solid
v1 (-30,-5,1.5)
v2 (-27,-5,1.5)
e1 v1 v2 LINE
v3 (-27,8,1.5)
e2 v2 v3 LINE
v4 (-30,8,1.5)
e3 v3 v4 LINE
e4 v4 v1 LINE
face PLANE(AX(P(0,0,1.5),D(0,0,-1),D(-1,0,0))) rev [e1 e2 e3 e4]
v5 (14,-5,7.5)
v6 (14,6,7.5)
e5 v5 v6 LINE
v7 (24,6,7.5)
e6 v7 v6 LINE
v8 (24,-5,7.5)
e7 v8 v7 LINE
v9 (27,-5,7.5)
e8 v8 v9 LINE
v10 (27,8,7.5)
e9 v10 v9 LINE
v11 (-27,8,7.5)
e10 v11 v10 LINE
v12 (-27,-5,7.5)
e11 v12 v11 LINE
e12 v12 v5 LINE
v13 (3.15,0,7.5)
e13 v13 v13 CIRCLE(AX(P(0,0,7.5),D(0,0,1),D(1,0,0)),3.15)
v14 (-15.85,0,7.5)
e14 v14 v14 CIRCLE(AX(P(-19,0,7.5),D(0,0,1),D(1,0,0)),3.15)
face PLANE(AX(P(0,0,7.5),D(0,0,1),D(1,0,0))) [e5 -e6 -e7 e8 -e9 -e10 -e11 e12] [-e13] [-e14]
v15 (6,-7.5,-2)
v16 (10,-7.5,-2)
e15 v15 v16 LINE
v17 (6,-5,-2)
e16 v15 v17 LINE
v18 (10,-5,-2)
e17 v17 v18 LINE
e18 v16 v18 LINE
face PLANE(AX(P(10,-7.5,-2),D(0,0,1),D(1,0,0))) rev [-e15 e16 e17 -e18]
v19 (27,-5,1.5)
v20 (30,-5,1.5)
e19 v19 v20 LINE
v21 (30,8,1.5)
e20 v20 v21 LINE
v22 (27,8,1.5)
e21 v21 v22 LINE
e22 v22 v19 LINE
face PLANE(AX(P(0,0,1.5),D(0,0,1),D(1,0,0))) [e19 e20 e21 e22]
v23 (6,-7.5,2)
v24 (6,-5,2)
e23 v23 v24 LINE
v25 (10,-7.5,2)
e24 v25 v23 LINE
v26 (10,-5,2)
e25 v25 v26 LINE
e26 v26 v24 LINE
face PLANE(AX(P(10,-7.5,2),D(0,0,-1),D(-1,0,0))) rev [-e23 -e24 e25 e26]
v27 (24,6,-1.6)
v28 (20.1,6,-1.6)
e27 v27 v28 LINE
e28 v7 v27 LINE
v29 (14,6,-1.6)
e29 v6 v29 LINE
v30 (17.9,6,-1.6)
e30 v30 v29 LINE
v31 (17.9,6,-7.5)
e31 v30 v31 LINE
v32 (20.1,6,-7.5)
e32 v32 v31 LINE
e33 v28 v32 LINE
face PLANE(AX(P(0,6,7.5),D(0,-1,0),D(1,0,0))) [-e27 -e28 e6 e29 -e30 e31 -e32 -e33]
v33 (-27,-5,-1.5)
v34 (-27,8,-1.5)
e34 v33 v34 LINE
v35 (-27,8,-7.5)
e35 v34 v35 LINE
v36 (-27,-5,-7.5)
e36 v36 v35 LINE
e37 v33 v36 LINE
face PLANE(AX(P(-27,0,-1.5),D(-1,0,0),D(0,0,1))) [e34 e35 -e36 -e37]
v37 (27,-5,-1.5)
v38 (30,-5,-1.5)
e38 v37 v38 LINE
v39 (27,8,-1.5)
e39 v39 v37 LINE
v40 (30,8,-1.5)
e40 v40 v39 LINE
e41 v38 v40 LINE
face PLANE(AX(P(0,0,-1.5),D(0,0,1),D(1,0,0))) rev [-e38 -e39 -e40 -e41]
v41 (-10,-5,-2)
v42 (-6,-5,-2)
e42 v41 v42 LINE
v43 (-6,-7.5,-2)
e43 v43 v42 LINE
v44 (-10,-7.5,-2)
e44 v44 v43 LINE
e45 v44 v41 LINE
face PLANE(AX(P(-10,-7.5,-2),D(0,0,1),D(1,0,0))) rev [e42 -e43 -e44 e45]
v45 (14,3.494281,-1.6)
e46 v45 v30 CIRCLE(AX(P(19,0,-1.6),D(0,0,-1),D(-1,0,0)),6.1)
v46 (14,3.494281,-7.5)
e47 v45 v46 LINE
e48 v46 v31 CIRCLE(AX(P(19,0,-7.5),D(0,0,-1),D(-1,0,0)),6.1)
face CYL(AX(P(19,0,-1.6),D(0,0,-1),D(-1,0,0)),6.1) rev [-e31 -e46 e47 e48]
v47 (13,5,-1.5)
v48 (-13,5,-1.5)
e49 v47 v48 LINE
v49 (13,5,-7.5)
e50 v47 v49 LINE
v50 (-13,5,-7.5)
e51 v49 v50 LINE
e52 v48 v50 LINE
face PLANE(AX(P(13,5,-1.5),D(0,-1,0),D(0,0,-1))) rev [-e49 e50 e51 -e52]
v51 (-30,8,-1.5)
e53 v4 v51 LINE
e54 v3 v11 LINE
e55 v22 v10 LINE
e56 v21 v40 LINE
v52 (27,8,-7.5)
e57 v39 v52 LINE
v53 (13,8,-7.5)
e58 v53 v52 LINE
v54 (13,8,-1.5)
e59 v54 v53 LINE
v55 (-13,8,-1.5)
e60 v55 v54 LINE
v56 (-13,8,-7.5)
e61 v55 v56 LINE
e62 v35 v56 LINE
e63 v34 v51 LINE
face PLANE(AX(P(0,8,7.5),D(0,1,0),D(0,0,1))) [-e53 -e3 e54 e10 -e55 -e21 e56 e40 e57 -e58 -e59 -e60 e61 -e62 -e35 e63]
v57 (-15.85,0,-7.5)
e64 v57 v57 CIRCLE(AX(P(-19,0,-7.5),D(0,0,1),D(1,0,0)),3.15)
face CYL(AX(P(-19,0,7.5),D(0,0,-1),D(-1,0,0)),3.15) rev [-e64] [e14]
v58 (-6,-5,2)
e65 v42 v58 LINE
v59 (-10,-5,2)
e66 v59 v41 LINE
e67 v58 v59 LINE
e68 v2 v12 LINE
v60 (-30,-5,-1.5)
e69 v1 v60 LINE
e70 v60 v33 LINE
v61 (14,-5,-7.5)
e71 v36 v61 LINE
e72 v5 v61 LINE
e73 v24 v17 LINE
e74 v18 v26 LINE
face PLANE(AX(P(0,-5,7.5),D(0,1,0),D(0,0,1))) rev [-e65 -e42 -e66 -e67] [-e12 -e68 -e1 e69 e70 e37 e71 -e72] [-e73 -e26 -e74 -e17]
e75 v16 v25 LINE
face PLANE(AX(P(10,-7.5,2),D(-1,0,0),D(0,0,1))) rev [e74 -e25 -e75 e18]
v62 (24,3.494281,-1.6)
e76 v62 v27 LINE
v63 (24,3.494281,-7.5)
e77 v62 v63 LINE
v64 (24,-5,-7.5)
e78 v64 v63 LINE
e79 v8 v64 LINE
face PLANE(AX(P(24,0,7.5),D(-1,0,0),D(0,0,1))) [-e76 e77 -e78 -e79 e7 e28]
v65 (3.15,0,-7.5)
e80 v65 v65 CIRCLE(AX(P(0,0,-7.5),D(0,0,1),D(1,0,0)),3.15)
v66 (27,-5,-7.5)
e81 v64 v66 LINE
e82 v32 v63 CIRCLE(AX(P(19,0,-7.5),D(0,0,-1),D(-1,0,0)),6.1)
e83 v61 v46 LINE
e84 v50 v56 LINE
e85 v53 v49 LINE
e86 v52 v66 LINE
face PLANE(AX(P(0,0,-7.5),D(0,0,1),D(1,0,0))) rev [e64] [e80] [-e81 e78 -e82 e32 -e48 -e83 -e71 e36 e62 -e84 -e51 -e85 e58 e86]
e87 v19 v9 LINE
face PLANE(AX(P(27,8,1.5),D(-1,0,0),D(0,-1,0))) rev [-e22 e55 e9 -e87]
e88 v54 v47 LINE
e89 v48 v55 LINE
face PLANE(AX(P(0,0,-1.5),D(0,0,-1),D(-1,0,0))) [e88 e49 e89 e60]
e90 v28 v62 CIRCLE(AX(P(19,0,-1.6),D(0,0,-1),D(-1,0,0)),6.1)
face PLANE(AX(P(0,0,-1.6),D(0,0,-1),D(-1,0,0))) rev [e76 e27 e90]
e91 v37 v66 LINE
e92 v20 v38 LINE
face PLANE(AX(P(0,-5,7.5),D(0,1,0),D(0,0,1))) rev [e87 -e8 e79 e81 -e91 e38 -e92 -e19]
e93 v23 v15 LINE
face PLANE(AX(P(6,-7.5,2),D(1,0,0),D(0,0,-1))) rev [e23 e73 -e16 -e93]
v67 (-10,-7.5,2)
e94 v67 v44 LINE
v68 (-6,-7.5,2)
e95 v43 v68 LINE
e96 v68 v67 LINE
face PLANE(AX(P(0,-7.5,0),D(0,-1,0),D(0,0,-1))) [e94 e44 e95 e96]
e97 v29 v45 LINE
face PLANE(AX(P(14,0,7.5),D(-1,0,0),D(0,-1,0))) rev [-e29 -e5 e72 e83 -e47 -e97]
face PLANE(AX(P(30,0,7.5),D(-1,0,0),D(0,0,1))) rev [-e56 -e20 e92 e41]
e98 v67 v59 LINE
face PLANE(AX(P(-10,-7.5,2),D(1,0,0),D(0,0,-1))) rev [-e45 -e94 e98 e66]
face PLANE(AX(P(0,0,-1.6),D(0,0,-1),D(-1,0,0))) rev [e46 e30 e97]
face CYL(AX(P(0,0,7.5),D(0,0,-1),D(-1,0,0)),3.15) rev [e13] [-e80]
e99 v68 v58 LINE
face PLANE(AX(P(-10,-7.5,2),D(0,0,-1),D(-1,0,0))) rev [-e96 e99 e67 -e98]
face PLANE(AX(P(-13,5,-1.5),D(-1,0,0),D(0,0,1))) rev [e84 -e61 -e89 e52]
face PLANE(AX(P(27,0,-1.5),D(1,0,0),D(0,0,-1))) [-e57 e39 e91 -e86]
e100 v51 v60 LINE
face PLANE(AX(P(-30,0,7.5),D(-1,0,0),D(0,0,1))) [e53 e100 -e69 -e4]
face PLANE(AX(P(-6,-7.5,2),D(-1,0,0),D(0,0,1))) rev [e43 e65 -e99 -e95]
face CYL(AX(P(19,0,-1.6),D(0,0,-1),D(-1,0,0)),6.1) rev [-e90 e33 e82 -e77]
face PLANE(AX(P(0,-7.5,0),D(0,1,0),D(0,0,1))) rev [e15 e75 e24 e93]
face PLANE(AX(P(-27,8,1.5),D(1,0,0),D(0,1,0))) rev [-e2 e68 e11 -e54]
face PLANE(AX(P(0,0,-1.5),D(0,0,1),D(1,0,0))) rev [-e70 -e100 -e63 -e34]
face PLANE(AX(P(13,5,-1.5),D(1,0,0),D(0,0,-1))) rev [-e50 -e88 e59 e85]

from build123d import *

# Parameters (mm, degrees)
SKETCH1_R           = 3.15
BOSS_EXTRUDE1_DEPTH = 7.5
SKETCH2_W           = 4
SKETCH2_H           = 4
BOSS_EXTRUDE2_DEPTH = 2.5
CUT_EXTRUDE1_START  = -7.5
SKETCH3_W           = 3
SKETCH3_H           = 13
CUT_EXTRUDE1_DEPTH  = 6
SKETCH4_W           = 3
SKETCH4_H           = 13
CUT_EXTRUDE2_DEPTH  = 6
SKETCH5_W           = 26
SKETCH5_H           = 3
CUT_EXTRUDE3_DEPTH  = 6
BOSS_EXTRUDE3_DEPTH = 5.9


with BuildPart() as part:
    # Sketch1 → Boss-Extrude1 (new, symmetric)
    with BuildSketch(Plane.XY):
        Polygon((-30, -5), (-30, 8), (30, 8), (30, -5), (24, -5), (24, 6), (14, 6), (14, -5), align=None)
        with Locations((-19, 0)):
            Circle(SKETCH1_R, mode=Mode.SUBTRACT)
        Circle(SKETCH1_R, mode=Mode.SUBTRACT)
    extrude(amount=BOSS_EXTRUDE1_DEPTH, both=True)

    # Sketch2 → Boss-Extrude2 (add)
    with BuildSketch(Plane.XZ.offset(5)):
        with Locations((8, 0)):
            Rectangle(SKETCH2_W, SKETCH2_H)
        with Locations((-8, 0)):
            Rectangle(SKETCH2_W, SKETCH2_H)
    extrude(amount=BOSS_EXTRUDE2_DEPTH)

    # Sketch3 → Cut-Extrude1 (cut)
    with BuildSketch(Plane.XY.offset(CUT_EXTRUDE1_START)):
        with Locations((-28.5, 1.5)):
            Rectangle(SKETCH3_W, SKETCH3_H)
        with Locations((28.5, 1.5)):
            Rectangle(SKETCH3_W, SKETCH3_H)
    extrude(amount=CUT_EXTRUDE1_DEPTH, mode=Mode.SUBTRACT)

    # Sketch4 → Cut-Extrude2 (cut)
    with BuildSketch(Plane.XY.offset(7.5)):
        with Locations((28.5, 1.5)):
            Rectangle(SKETCH4_W, SKETCH4_H)
        with Locations((-28.5, 1.5)):
            Rectangle(SKETCH4_W, SKETCH4_H)
    extrude(amount=-CUT_EXTRUDE2_DEPTH, mode=Mode.SUBTRACT)

    # Sketch5 → Cut-Extrude3 (cut)
    with BuildSketch(Plane(origin=(0, 0, -7.5), x_dir=(-1, 0, 0), z_dir=(0, 0, -1))):
        with Locations((0, 6.5)):
            Rectangle(SKETCH5_W, SKETCH5_H)
    extrude(amount=-CUT_EXTRUDE3_DEPTH, mode=Mode.SUBTRACT)

    # Sketch6 → Boss-Extrude3 (add)
    with BuildSketch(Plane(origin=(0, 0, -7.5), x_dir=(-1, 0, 0), z_dir=(0, 0, -1))):
        with BuildLine():
            Line((-14, 6), (-17.9, 6))
            ThreePointArc((-17.9, 6), (-15.702704612, 5.132040834), (-14, 3.494281042))
            Line((-14, 3.494281042), (-14, 6))
        make_face()
        with BuildLine():
            Line((-24, 6), (-24, 3.494281042))
            ThreePointArc((-24, 3.494281042), (-22.297295388, 5.132040834), (-20.1, 6))
            Line((-20.1, 6), (-24, 6))
        make_face()
    extrude(amount=-BOSS_EXTRUDE3_DEPTH)


solid = part.part
